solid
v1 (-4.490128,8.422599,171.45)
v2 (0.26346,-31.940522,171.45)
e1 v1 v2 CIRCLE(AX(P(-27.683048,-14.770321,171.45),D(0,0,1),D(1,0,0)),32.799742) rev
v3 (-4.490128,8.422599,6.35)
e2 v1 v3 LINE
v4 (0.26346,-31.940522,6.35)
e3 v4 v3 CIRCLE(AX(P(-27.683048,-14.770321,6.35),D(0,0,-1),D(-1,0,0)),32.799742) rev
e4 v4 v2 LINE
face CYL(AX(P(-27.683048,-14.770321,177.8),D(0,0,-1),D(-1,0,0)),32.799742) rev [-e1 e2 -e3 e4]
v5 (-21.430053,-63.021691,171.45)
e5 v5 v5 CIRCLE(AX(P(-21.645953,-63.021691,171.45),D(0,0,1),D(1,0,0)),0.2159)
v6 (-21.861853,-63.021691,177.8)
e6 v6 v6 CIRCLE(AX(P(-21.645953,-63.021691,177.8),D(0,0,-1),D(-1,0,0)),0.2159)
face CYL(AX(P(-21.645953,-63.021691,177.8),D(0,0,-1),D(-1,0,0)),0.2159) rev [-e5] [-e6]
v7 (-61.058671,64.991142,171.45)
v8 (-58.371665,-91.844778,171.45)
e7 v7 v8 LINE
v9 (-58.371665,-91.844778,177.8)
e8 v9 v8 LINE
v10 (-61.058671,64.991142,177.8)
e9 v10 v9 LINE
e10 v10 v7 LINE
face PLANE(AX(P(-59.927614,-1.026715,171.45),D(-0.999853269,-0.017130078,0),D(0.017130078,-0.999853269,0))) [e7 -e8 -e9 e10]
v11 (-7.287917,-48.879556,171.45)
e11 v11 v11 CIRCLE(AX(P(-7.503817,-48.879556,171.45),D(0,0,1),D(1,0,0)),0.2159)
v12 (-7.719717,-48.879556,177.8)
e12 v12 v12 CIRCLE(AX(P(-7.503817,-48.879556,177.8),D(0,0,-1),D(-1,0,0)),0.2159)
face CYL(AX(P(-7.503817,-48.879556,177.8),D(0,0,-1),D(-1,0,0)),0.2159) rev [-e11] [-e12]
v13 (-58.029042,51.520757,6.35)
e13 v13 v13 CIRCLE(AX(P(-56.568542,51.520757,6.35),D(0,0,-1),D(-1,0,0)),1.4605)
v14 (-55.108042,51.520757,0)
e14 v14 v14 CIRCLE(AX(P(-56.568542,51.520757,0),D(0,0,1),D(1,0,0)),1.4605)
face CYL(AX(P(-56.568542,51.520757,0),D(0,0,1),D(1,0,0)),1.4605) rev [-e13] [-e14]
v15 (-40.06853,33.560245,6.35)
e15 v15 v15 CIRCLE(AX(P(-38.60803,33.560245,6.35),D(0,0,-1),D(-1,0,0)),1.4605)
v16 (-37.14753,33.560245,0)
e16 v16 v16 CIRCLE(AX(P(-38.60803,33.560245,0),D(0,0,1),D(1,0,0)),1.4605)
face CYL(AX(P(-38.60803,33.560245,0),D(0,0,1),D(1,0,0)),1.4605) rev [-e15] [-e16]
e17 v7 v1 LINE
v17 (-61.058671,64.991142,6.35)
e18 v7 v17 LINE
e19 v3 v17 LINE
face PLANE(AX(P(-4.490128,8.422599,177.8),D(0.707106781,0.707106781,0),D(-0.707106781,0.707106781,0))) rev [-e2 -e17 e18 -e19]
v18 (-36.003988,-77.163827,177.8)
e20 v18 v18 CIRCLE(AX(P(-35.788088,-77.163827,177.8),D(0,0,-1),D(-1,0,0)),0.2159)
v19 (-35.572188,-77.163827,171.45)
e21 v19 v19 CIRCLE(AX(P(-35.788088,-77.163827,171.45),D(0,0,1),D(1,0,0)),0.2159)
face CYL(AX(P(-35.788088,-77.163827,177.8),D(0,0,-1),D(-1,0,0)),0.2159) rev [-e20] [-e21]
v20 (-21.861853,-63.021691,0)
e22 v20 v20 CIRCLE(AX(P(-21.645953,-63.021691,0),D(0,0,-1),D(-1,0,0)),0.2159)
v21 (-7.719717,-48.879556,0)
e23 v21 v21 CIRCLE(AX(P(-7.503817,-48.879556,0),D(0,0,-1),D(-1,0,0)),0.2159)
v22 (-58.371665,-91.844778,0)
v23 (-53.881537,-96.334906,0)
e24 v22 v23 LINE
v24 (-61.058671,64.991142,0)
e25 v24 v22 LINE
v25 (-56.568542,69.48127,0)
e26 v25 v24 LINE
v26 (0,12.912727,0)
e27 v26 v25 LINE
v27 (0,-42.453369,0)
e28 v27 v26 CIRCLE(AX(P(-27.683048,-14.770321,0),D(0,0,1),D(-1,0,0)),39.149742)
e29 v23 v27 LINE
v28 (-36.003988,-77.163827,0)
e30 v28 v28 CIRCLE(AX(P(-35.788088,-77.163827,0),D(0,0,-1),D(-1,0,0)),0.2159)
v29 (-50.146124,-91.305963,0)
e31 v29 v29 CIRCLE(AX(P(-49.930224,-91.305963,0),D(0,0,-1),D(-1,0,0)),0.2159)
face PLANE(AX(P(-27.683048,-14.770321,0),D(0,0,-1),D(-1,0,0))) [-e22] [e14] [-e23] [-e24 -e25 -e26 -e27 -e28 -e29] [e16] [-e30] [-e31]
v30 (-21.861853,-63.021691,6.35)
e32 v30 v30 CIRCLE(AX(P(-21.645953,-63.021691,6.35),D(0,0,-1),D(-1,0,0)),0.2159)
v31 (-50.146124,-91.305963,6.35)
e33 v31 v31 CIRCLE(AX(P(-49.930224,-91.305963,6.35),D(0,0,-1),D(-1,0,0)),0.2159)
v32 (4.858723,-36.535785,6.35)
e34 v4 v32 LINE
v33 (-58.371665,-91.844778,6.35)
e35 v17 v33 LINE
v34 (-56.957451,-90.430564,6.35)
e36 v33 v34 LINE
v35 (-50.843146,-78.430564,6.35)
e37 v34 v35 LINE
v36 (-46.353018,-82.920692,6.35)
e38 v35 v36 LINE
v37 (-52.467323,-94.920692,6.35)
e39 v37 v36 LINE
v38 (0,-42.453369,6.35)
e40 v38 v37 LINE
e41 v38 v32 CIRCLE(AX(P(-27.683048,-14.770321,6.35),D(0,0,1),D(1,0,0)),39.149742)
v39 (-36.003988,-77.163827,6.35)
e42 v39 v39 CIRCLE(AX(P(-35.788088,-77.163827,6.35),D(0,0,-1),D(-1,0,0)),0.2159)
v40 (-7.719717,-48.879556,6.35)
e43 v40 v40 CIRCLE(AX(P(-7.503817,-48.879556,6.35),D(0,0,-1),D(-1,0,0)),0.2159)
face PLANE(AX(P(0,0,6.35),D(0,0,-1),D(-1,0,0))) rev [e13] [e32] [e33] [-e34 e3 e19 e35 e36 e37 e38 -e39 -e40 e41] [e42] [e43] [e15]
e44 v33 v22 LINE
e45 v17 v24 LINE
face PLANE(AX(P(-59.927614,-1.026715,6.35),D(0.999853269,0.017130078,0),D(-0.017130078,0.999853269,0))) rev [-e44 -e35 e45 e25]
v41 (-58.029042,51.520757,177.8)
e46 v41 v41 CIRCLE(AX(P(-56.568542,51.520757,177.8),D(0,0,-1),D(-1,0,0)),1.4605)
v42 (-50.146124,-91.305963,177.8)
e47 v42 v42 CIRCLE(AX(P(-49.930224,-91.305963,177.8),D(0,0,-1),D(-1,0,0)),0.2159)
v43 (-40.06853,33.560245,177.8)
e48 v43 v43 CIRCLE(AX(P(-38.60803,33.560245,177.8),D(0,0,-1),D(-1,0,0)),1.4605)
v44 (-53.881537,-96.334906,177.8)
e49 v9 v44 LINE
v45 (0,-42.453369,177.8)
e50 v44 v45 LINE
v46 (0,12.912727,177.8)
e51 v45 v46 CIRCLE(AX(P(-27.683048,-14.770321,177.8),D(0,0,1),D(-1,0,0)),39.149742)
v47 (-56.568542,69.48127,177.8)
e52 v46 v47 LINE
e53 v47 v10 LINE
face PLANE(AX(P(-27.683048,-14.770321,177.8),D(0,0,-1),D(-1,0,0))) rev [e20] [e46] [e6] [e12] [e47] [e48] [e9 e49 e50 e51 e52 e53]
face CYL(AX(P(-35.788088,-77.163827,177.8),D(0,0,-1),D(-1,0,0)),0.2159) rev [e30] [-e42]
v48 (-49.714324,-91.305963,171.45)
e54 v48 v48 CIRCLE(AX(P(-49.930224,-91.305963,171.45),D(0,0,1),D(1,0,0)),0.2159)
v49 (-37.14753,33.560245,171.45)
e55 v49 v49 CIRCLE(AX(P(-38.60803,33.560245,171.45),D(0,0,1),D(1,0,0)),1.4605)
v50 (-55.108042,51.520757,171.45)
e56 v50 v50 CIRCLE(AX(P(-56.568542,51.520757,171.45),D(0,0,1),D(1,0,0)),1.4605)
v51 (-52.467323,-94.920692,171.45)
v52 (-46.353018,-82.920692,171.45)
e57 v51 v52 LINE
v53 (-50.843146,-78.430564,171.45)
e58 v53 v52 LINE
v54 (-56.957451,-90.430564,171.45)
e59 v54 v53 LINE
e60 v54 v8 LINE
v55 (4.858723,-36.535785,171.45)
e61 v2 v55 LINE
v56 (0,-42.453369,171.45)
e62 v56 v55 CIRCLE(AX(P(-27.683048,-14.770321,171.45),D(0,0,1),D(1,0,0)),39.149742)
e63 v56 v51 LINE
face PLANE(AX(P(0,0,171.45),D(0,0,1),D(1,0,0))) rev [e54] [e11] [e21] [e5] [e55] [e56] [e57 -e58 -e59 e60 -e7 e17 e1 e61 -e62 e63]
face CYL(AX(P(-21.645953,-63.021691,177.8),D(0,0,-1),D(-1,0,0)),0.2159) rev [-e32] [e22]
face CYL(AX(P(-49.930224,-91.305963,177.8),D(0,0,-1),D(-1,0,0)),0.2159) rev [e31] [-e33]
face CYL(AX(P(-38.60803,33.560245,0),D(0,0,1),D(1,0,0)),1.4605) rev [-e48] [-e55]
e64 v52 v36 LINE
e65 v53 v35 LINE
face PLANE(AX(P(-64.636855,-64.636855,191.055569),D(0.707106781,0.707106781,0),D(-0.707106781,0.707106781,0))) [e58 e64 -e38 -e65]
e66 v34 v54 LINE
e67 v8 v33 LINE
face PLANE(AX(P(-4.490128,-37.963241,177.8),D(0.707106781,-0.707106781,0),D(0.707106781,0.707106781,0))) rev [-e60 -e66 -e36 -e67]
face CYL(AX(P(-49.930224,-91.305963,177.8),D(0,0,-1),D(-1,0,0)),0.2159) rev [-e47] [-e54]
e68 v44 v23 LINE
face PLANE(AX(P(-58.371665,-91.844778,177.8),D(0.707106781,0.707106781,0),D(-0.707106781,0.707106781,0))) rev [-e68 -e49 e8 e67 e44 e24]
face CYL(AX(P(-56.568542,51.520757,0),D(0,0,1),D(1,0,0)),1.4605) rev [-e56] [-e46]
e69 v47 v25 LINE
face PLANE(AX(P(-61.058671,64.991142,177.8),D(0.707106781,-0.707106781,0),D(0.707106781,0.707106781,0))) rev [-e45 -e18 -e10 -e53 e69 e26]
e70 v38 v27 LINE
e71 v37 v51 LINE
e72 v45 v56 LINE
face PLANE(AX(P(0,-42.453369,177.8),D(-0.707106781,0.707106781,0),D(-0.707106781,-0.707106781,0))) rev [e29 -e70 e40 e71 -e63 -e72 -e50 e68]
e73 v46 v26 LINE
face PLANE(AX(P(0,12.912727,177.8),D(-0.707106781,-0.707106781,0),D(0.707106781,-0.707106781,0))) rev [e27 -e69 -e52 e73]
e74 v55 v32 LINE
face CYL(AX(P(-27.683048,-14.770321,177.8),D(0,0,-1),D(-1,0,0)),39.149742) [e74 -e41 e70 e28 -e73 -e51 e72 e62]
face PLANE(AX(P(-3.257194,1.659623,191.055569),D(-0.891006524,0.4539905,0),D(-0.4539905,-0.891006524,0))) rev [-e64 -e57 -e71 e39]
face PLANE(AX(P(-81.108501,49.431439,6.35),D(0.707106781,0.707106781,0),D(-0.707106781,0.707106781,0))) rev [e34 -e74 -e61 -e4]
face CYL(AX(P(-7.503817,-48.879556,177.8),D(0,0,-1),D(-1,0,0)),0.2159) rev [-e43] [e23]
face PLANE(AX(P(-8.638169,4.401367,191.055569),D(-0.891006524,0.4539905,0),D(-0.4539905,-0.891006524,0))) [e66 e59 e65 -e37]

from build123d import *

# Parameters (mm, degrees)
BOSS_EXTRUDE1_DEPTH     = 177.8
BOSS_EXTRUDE2_DEPTH     = 6.35
BOSS_EXTRUDE3_START     = -6.35
BOSS_EXTRUDE3_DEPTH     = 6.35
SKETCH5_W               = 81.82
SKETCH5_H               = 165.1
CUT_EXTRUDE1_DEPTH      = 216.897319711
BOSS_EXTRUDE6_DEPTH     = 165.1
CUT_EXTRUDE2_DEPTH      = 212.237817104
CUT_EXTRUDE2_DEPTH_BACK = 212.237817104
SKETCH9_R               = 1.4605
SKETCH10_R              = 0.2159
CUT_EXTRUDE3_DEPTH      = 212.237817104


with BuildPart() as part:
    # Sketch1 → Boss-Extrude1 (new body)
    with BuildSketch(Plane.XY):
        with BuildLine():
            Line((0, 12.912727148), (-56.568542495, 69.481269642))
            Line((-56.568542495, 69.481269642), (-61.058670555, 64.991141582))
            Line((-61.058670555, 64.991141582), (-4.490128061, 8.422599087))
            ThreePointArc((-4.490128061, 8.422599087), (5.116694028, -14.770321092), (-4.490128061, -37.96324127))
            Line((-4.490128061, -37.96324127), (-58.371664787, -91.844777996))
            Line((-58.371664787, -91.844777996), (-53.881536726, -96.334906057))
            Line((-53.881536726, -96.334906057), (0, -42.453369331))
            ThreePointArc((0, -42.453369331), (11.466694028, -14.770321092), (0, 12.912727148))
        make_face()
    extrude(amount=BOSS_EXTRUDE1_DEPTH)

    # Sketch2 → Boss-Extrude2 (add)
    with BuildSketch(Plane(origin=(0, 0, 0), x_dir=(-1, 0, 0), z_dir=(0, 0, -1))):
        with BuildLine():
            Line((61.058670555, 64.991141582), (58.371664787, -91.844777996))
            Line((58.371664787, -91.844777996), (4.490128061, -37.96324127))
            ThreePointArc((4.490128061, -37.96324127), (-5.116694028, -14.770321092), (4.490128061, 8.422599087))
            Line((4.490128061, 8.422599087), (61.058670555, 64.991141582))
        make_face()
    extrude(amount=-BOSS_EXTRUDE2_DEPTH)

    # Sketch4 → Boss-Extrude3 (add)
    with BuildSketch(Plane.XY.offset(177.8).offset(BOSS_EXTRUDE3_START)):
        with BuildLine():
            Line((-61.058670555, 64.991141582), (-58.371664787, -91.844777996))
            Line((-58.371664787, -91.844777996), (-4.490128061, -37.96324127))
            ThreePointArc((-4.490128061, -37.96324127), (5.116694028, -14.770321092), (-4.490128061, 8.422599087))
            Line((-4.490128061, 8.422599087), (-61.058670555, 64.991141582))
        make_face()
    extrude(amount=BOSS_EXTRUDE3_DEPTH)

    # Sketch5 → Cut-Extrude1 (cut, through all)
    with BuildSketch(Plane(origin=(21.226684665, -21.226684665, 0), x_dir=(0.7071067811865512, 0.7071067811865439, 0), z_dir=(0.7071067811865439, -0.7071067811865512, 0))):
        with Locations((-63.309065338, 88.9)):
            Rectangle(SKETCH5_W, SKETCH5_H)
    extrude(amount=-CUT_EXTRUDE1_DEPTH, mode=Mode.SUBTRACT)

    # Sketch8 → Boss-Extrude6 (add)
    with BuildSketch(Plane.XY.offset(6.35)):
        Polygon((-50.843145831, -78.430564434), (-46.35301777, -82.920692495), (-52.467323164, -94.920692495), (-56.957451225, -90.430564434), align=None)
    extrude(amount=BOSS_EXTRUDE6_DEPTH)

    # Sketch9 → Cut-Extrude2 (cut, two sides: drawn at the far end of the back side and taken through both)
    with BuildSketch(Plane.XY.offset(177.8).offset(-CUT_EXTRUDE2_DEPTH_BACK)):
        with Locations((-56.568542495, 51.5207574)):
            Circle(SKETCH9_R)
        with Locations((-38.608030253, 33.560245158)):
            Circle(SKETCH9_R)
    extrude(amount=CUT_EXTRUDE2_DEPTH + CUT_EXTRUDE2_DEPTH_BACK, mode=Mode.SUBTRACT)

    # Sketch10 → Cut-Extrude3 (cut, through all)
    with BuildSketch(Plane(origin=(0, 0, 0), x_dir=(-1, 0, 0), z_dir=(0, 0, -1))):
        with Locations((49.930224033, -91.305962629)):
            Circle(SKETCH10_R)
        with Locations((35.788088496, -77.163827092)):
            Circle(SKETCH10_R)
        with Locations((21.645952872, -63.021691468)):
            Circle(SKETCH10_R)
        with Locations((7.503817248, -48.879555844)):
            Circle(SKETCH10_R)
        with Locations((-6.638318376, -34.737420221)):
            Circle(SKETCH10_R)
    extrude(amount=-CUT_EXTRUDE3_DEPTH, mode=Mode.SUBTRACT)


solid = part.part
